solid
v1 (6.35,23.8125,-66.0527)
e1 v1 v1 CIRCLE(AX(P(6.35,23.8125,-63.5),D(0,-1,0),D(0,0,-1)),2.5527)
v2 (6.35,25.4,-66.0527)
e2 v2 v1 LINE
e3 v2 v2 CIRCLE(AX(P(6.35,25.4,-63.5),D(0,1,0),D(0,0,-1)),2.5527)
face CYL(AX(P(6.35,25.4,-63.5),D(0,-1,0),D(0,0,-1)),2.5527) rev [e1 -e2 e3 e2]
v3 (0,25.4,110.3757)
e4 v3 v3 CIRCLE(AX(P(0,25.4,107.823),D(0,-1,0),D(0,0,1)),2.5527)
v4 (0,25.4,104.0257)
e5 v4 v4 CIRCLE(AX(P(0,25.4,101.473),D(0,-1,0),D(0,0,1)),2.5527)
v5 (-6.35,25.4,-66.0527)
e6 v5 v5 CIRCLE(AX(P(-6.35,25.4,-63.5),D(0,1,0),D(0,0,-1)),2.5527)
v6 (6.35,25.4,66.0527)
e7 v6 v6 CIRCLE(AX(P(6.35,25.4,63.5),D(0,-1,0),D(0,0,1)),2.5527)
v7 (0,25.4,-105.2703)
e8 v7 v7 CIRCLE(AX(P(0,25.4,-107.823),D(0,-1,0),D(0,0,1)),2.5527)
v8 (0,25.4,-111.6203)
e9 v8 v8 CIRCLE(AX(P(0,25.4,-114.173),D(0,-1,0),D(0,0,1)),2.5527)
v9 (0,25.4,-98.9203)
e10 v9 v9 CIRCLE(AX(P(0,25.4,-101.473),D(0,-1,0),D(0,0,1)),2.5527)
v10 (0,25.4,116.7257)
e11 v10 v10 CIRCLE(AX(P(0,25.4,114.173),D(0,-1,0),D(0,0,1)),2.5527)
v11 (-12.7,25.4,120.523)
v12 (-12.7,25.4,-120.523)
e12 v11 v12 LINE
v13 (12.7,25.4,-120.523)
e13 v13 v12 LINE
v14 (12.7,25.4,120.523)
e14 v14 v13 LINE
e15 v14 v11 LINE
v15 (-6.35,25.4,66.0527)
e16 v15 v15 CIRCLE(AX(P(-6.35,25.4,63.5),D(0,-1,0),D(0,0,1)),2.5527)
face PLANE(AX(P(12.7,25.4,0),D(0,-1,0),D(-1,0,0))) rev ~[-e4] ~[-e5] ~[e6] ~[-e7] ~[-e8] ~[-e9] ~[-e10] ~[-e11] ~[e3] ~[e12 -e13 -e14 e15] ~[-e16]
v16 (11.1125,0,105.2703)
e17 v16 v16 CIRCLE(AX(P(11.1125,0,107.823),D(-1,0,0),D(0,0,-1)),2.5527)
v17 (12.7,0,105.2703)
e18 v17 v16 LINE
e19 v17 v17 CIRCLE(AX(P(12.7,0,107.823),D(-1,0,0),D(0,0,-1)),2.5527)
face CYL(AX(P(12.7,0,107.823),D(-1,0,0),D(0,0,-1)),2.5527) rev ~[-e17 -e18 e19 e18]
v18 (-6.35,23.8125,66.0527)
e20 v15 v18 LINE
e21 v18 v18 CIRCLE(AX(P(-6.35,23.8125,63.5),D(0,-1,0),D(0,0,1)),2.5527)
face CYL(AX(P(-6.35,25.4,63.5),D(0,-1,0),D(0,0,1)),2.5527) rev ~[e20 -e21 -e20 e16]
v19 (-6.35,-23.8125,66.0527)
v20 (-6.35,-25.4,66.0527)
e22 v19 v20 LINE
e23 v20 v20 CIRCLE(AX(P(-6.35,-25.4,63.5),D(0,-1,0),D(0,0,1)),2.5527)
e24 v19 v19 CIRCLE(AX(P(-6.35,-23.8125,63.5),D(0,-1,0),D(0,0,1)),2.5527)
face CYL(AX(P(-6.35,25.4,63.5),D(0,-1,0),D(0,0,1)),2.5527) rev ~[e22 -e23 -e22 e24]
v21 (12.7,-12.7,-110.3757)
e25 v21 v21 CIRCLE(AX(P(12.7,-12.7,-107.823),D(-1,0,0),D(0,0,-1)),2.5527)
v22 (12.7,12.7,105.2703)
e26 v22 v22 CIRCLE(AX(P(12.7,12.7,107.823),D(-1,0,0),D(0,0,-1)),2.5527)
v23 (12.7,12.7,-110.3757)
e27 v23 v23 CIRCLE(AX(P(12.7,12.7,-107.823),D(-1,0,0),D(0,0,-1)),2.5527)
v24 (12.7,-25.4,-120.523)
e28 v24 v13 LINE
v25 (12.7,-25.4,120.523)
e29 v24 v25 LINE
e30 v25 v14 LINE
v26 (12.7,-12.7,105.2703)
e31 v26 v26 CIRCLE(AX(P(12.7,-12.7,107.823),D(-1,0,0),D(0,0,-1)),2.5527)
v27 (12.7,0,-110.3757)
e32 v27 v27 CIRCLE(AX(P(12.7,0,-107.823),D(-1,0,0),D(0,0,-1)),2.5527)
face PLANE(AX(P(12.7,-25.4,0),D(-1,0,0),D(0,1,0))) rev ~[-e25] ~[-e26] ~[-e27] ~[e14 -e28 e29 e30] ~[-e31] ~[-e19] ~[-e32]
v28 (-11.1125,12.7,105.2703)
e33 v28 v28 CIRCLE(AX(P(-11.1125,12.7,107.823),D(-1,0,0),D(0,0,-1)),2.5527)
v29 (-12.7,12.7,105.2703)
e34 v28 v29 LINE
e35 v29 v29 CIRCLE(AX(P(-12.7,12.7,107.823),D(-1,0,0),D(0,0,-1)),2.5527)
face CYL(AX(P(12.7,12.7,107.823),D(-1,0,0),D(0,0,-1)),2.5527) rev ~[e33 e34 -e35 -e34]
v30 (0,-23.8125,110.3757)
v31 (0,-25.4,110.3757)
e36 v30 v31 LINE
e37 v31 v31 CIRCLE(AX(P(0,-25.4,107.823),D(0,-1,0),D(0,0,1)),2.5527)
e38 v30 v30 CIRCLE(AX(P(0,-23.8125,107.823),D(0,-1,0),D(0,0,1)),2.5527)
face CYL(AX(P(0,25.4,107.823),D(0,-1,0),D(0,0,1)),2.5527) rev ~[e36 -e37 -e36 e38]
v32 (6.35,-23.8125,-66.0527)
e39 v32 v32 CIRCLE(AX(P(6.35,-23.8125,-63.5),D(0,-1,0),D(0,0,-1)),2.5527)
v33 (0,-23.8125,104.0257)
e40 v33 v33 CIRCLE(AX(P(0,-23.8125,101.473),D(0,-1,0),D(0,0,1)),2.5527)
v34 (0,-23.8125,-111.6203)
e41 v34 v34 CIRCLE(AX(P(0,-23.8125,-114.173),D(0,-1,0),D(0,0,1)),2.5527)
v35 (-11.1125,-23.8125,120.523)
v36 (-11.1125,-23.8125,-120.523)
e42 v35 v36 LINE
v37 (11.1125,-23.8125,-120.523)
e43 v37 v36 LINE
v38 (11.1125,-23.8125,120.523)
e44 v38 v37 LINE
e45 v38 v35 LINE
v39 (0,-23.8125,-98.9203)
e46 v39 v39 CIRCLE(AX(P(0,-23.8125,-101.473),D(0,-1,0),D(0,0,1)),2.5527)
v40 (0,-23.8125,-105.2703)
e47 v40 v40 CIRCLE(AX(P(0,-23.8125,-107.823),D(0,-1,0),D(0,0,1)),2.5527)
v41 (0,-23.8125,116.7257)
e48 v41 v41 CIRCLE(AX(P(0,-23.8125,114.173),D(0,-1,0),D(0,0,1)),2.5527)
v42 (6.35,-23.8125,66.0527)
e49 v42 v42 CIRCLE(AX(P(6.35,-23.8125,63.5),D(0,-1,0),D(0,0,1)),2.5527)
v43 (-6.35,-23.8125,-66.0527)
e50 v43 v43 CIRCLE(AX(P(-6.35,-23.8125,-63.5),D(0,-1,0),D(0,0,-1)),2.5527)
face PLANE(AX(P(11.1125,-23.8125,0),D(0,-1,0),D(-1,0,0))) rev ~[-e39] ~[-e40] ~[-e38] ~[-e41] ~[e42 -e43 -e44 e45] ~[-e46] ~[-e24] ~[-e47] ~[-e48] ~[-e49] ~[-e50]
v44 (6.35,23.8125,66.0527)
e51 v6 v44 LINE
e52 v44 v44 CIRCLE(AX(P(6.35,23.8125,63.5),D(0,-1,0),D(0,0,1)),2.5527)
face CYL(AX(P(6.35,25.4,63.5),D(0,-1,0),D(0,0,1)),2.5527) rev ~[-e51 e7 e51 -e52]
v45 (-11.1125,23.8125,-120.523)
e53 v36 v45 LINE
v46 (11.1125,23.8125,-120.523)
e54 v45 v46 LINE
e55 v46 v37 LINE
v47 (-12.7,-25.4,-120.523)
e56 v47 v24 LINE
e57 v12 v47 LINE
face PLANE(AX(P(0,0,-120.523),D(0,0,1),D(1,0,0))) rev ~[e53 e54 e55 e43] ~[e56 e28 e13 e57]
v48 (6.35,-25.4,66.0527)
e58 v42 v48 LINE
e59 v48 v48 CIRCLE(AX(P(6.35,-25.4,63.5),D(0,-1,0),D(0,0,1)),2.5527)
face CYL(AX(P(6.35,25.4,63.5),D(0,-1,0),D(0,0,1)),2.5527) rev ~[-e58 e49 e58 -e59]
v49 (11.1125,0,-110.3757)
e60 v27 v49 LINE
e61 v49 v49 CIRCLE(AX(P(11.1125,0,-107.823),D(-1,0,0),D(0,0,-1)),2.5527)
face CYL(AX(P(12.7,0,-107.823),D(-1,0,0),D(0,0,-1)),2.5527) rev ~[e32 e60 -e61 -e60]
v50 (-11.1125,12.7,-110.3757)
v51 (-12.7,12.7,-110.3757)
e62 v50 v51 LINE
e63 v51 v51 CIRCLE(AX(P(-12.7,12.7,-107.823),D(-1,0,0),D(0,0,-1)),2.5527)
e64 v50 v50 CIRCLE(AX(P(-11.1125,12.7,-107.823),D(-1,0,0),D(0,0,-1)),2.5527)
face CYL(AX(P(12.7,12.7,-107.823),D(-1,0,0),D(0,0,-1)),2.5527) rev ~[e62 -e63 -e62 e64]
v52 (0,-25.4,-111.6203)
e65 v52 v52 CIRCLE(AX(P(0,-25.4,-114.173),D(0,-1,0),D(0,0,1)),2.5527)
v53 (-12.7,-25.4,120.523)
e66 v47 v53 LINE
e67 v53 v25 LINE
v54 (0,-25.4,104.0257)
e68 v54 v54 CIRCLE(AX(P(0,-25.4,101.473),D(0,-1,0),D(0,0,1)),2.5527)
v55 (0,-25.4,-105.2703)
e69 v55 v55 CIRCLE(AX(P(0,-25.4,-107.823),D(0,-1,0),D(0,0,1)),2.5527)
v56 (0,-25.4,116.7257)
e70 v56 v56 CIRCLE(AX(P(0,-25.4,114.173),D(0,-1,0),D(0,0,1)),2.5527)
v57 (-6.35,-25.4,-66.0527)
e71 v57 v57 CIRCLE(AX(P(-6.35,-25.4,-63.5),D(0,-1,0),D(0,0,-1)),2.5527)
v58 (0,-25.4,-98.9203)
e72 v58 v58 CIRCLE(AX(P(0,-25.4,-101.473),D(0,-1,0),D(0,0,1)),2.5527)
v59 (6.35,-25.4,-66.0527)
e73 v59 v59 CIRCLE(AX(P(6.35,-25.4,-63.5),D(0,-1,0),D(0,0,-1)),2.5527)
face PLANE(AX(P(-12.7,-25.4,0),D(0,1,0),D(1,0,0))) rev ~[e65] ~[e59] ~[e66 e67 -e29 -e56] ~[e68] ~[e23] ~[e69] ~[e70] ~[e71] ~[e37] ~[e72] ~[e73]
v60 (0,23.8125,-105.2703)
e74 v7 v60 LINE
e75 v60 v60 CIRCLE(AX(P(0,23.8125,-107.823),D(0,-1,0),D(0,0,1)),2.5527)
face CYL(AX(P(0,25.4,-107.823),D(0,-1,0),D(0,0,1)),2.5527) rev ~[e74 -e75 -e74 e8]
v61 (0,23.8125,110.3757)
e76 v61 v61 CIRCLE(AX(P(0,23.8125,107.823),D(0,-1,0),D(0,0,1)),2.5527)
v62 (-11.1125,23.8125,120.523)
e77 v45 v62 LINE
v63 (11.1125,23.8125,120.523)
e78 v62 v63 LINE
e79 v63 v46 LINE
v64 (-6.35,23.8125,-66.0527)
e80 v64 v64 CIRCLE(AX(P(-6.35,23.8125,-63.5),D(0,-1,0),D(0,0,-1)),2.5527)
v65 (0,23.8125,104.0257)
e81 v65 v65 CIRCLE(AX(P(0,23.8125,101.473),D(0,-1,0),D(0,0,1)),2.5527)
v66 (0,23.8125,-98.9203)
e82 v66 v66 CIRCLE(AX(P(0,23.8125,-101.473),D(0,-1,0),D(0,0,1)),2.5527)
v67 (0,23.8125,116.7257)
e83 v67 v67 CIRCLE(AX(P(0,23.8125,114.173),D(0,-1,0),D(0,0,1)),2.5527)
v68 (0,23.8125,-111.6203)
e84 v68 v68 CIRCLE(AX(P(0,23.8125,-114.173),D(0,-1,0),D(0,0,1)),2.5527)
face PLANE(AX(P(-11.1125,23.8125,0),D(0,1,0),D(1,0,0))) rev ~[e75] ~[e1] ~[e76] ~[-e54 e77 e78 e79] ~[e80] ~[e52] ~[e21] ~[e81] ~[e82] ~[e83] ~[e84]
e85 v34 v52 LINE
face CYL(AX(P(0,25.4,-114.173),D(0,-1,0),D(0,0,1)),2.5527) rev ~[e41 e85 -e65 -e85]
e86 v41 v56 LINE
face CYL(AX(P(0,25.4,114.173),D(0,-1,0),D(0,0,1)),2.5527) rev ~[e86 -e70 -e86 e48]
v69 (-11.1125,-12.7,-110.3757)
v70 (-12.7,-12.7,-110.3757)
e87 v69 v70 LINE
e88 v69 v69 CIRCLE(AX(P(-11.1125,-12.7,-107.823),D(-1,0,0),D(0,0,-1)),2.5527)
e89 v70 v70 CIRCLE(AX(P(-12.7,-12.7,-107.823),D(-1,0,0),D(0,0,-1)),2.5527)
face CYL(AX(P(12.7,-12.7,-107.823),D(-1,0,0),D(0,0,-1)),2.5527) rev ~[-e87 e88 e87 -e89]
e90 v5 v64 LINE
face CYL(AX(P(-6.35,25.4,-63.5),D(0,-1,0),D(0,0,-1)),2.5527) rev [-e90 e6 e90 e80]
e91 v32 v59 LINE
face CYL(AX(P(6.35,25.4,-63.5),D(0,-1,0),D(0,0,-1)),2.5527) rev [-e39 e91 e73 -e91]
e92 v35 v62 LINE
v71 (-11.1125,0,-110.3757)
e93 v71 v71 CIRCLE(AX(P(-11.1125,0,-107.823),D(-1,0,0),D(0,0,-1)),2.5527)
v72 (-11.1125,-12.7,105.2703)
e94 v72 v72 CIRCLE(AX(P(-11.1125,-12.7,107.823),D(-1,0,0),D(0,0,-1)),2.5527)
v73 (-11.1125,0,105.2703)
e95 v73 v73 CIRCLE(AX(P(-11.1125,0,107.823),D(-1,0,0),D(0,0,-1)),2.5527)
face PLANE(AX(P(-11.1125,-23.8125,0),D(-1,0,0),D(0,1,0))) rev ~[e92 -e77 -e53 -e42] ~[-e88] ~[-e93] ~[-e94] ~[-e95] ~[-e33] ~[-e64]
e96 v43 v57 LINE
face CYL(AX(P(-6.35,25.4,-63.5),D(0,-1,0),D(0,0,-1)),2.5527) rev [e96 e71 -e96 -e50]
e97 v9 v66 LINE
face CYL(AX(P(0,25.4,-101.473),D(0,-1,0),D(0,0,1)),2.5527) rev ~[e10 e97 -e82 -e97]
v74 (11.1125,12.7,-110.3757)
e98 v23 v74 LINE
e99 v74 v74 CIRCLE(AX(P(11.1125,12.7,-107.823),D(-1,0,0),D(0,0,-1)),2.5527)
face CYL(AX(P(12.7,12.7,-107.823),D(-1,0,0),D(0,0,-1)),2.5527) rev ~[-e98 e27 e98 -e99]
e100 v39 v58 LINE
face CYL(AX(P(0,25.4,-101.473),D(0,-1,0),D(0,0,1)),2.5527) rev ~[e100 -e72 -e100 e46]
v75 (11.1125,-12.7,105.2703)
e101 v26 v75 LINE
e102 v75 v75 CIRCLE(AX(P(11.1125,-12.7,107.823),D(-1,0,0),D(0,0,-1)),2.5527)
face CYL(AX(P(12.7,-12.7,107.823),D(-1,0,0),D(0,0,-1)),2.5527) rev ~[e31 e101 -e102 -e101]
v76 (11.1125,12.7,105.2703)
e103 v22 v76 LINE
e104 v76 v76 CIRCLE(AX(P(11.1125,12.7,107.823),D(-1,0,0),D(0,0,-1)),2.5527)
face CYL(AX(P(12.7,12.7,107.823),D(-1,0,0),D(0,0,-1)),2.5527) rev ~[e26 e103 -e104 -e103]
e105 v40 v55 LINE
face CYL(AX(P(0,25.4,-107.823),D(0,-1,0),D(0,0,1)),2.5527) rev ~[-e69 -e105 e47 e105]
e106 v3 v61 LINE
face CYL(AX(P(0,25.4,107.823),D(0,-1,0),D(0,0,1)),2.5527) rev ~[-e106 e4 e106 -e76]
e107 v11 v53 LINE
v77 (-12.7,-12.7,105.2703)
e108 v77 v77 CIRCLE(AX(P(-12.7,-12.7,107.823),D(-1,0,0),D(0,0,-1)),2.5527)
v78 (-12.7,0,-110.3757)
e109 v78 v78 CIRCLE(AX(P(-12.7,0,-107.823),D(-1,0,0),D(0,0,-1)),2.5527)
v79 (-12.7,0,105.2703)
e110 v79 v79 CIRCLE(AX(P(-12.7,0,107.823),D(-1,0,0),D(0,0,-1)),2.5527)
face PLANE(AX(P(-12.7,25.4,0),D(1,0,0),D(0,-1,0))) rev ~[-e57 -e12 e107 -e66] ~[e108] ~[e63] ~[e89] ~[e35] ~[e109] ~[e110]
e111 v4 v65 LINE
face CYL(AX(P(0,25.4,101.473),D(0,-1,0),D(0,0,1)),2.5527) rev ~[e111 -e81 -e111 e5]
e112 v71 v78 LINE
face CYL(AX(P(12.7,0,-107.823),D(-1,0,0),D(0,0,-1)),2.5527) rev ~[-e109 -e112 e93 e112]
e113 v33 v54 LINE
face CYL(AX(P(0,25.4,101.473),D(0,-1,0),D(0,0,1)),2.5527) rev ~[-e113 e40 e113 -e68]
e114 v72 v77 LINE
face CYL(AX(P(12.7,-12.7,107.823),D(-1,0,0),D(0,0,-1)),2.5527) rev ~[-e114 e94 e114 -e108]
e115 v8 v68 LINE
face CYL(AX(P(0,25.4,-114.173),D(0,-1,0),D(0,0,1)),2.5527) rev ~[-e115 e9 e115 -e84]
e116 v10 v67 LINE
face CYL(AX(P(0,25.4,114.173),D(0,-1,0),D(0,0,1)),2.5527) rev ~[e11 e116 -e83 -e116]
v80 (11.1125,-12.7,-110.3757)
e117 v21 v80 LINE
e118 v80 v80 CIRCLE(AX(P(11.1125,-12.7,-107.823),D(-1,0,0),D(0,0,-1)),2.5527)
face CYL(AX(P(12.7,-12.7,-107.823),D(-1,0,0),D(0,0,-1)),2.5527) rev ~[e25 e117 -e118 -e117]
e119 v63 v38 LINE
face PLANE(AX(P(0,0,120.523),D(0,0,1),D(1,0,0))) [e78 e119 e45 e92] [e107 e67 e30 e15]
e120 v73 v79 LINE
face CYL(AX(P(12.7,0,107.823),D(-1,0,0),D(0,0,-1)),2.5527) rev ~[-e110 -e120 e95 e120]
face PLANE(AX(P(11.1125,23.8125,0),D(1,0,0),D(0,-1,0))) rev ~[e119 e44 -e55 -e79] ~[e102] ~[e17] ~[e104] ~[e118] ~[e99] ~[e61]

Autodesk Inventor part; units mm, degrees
ref_plane "YZ Plane" through (0, 0, 0) normal (1, 0, 0) x (0, 1, 0)
ref_plane "XZ Plane" through (0, 0, 0) normal (0, 1, 0) x (-1, 0, 0)
ref_plane "XY Plane" through (0, 0, 0) normal (0, 0, 1) x (1, 0, 0)
sketch "Sketch1" plane through (0, 0, 0) normal (0, 0, 1) x (1, 0, 0)
  line L0 (-12.7, -25.4) -> (12.7, -25.4)
  line L1 (12.7, -25.4) -> (12.7, 25.4)
  line L2 (12.7, 25.4) -> (-12.7, 25.4)
  line L3 (-12.7, 25.4) -> (-12.7, -25.4)
  line L4 (-12.7, -25.4) -> (12.7, 25.4) construction
  line L5 (12.7, -25.4) -> (-12.7, 25.4) construction
  line L6 (-11.1125, 23.8125) -> (11.1125, 23.8125)
  line L7 (11.1125, 23.8125) -> (11.1125, -23.8125)
  line L8 (11.1125, -23.8125) -> (-11.1125, -23.8125)
  line L9 (-11.1125, -23.8125) -> (-11.1125, 23.8125)
  point P0 (0, 0)
  dimension "width" = 25.4
  dimension "height" = 50.8
  dimension "thickness" = 1.5875
extrude "Extrusion1" add sketch "Sketch1" along normal mid plane 241.046
sketch "Sketch2" plane through (12.7, -25.4, 120.523) normal (1, 0, 0) x (0, 0, -1)
  line L0 (0, 49.2125) -> (0, 1.5875) projected
  line L1 (241.046, 50.8) -> (0, 50.8) projected
  line L2 (241.046, 50.8) -> (241.046, 0) construction
  point P0 (120.523, 25.4)
  point P1 (12.7, 38.1)
  point P2 (12.7, 12.7)
  point P3 (12.7, 25.4)
  point P4 (0, 25.4)
  point P5 (228.346, 38.1)
  point P6 (228.346, 12.7)
  point P7 (228.346, 25.4)
  point P8 (241.046, 25.4)
  dimension "d5" = 12.7
  dimension "d6" = 12.7
  dimension "d7" = 12.7
  dimension "d8" = 12.7
  dimension "d9" = 12.7
  dimension "d10" = 12.7
hole "Hole1" at (12.7, 12.7, 107.823) at (12.7, -12.7, 107.823) at (12.7, 0, 107.823) at (12.7, 12.7, -107.823) at (12.7, 0, -107.823) at (12.7, -12.7, -107.823) direction (-1, 0, 0) diameter 5.1054 end through all clearance for "Flat Head Machine Screw (82)" size "#10" standard "Ansi Unified Screw Threads"
sketch "Sketch3" plane through (-12.7, 25.4, 120.523) normal (0, 1, 0) x (1, 0, 0)
  line L0 (25.4, 0) -> (0, 0) projected
  line L1 (0, 241.046) -> (0, 0) construction
  line L2 (0, 241.046) -> (25.4, 241.046) construction
  point P0 (12.7, 120.523)
  point P1 (12.7, 6.35)
  point P2 (12.7, 12.7)
  point P3 (12.7, 19.05)
  point P4 (12.7, 234.696)
  point P5 (12.7, 228.346)
  point P6 (12.7, 221.996)
  dimension "d18" = 6.35
  dimension "d19" = 6.35
  dimension "d20" = 6.35
  dimension "d21" = 12.7
  dimension "d22" = 6.35
  dimension "d23" = 6.35
  dimension "d24" = 6.35
hole "Hole2" at (0, 25.4, 114.173) at (0, 25.4, 107.823) at (0, 25.4, 101.473) at (0, 25.4, -101.473) at (0, 25.4, -107.823) at (0, 25.4, -114.173) direction (0, -1, 0) diameter 5.1054 end through all clearance for "Flat Head Machine Screw (82)" size "#10" standard "Ansi Unified Screw Threads"
sketch "Sketch4" plane through (-12.7, 25.4, 120.523) normal (0, 1, 0) x (1, 0, 0)
  circle A0 centre (12.7, 228.346) radius 2.5527 projected
  circle A1 centre (12.7, 19.05) radius 2.5527 projected
  circle A2 centre (12.7, 6.35) radius 2.5527 projected
  circle A3 centre (12.7, 12.7) radius 2.5527 projected
  circle A4 centre (12.7, 221.996) radius 2.5527 projected
  circle A5 centre (12.7, 234.696) radius 2.5527 projected
  line L0 (0, 241.046) -> (25.4, 241.046) projected
  line L1 (25.4, 241.046) -> (25.4, 0) projected
  line L2 (25.4, 0) -> (0, 0) projected
  line L3 (0, 0) -> (0, 241.046) projected
  line L4 (6.35, 6.223) -> (19.05, 6.223) construction
  line L5 (19.05, 6.223) -> (19.05, 57.023) construction
  line L6 (19.05, 57.023) -> (6.35, 57.023) construction
  line L7 (6.35, 57.023) -> (6.35, 6.223) construction
  line L8 (6.35, 6.223) -> (19.05, 57.023) construction
  line L9 (19.05, 6.223) -> (6.35, 57.023) construction
  point P0 (12.7, 120.523)
  point P1 (12.7, 31.623)
  point P2 (12.7, 0)
  dimension "d32" = 12.7
  dimension "d33" = 50.8
  dimension "d34" = 31.623
hole "Hole3" at (-6.35, 25.4, 63.5) at (6.35, 25.4, 63.5) direction (0, -1, 0) diameter 5.1054 end through all clearance for "Flat Head Machine Screw (82)" size "#10" standard "Ansi Unified Screw Threads"
mirror "Mirror1" about plane through (0, 0, 0) normal (0, 0, 1) of "Hole3"
equation "\"d7\" = d5"
equation "\"d8\" = d6"
equation "\"d9\" = d7"
equation "\"d10\" = d7"
equation "\"d20\" = d19"
equation "\"d23\" = d22"
equation "\"d24\" = d23"
properties part number "EL2-006" material "Aluminum 6061"
